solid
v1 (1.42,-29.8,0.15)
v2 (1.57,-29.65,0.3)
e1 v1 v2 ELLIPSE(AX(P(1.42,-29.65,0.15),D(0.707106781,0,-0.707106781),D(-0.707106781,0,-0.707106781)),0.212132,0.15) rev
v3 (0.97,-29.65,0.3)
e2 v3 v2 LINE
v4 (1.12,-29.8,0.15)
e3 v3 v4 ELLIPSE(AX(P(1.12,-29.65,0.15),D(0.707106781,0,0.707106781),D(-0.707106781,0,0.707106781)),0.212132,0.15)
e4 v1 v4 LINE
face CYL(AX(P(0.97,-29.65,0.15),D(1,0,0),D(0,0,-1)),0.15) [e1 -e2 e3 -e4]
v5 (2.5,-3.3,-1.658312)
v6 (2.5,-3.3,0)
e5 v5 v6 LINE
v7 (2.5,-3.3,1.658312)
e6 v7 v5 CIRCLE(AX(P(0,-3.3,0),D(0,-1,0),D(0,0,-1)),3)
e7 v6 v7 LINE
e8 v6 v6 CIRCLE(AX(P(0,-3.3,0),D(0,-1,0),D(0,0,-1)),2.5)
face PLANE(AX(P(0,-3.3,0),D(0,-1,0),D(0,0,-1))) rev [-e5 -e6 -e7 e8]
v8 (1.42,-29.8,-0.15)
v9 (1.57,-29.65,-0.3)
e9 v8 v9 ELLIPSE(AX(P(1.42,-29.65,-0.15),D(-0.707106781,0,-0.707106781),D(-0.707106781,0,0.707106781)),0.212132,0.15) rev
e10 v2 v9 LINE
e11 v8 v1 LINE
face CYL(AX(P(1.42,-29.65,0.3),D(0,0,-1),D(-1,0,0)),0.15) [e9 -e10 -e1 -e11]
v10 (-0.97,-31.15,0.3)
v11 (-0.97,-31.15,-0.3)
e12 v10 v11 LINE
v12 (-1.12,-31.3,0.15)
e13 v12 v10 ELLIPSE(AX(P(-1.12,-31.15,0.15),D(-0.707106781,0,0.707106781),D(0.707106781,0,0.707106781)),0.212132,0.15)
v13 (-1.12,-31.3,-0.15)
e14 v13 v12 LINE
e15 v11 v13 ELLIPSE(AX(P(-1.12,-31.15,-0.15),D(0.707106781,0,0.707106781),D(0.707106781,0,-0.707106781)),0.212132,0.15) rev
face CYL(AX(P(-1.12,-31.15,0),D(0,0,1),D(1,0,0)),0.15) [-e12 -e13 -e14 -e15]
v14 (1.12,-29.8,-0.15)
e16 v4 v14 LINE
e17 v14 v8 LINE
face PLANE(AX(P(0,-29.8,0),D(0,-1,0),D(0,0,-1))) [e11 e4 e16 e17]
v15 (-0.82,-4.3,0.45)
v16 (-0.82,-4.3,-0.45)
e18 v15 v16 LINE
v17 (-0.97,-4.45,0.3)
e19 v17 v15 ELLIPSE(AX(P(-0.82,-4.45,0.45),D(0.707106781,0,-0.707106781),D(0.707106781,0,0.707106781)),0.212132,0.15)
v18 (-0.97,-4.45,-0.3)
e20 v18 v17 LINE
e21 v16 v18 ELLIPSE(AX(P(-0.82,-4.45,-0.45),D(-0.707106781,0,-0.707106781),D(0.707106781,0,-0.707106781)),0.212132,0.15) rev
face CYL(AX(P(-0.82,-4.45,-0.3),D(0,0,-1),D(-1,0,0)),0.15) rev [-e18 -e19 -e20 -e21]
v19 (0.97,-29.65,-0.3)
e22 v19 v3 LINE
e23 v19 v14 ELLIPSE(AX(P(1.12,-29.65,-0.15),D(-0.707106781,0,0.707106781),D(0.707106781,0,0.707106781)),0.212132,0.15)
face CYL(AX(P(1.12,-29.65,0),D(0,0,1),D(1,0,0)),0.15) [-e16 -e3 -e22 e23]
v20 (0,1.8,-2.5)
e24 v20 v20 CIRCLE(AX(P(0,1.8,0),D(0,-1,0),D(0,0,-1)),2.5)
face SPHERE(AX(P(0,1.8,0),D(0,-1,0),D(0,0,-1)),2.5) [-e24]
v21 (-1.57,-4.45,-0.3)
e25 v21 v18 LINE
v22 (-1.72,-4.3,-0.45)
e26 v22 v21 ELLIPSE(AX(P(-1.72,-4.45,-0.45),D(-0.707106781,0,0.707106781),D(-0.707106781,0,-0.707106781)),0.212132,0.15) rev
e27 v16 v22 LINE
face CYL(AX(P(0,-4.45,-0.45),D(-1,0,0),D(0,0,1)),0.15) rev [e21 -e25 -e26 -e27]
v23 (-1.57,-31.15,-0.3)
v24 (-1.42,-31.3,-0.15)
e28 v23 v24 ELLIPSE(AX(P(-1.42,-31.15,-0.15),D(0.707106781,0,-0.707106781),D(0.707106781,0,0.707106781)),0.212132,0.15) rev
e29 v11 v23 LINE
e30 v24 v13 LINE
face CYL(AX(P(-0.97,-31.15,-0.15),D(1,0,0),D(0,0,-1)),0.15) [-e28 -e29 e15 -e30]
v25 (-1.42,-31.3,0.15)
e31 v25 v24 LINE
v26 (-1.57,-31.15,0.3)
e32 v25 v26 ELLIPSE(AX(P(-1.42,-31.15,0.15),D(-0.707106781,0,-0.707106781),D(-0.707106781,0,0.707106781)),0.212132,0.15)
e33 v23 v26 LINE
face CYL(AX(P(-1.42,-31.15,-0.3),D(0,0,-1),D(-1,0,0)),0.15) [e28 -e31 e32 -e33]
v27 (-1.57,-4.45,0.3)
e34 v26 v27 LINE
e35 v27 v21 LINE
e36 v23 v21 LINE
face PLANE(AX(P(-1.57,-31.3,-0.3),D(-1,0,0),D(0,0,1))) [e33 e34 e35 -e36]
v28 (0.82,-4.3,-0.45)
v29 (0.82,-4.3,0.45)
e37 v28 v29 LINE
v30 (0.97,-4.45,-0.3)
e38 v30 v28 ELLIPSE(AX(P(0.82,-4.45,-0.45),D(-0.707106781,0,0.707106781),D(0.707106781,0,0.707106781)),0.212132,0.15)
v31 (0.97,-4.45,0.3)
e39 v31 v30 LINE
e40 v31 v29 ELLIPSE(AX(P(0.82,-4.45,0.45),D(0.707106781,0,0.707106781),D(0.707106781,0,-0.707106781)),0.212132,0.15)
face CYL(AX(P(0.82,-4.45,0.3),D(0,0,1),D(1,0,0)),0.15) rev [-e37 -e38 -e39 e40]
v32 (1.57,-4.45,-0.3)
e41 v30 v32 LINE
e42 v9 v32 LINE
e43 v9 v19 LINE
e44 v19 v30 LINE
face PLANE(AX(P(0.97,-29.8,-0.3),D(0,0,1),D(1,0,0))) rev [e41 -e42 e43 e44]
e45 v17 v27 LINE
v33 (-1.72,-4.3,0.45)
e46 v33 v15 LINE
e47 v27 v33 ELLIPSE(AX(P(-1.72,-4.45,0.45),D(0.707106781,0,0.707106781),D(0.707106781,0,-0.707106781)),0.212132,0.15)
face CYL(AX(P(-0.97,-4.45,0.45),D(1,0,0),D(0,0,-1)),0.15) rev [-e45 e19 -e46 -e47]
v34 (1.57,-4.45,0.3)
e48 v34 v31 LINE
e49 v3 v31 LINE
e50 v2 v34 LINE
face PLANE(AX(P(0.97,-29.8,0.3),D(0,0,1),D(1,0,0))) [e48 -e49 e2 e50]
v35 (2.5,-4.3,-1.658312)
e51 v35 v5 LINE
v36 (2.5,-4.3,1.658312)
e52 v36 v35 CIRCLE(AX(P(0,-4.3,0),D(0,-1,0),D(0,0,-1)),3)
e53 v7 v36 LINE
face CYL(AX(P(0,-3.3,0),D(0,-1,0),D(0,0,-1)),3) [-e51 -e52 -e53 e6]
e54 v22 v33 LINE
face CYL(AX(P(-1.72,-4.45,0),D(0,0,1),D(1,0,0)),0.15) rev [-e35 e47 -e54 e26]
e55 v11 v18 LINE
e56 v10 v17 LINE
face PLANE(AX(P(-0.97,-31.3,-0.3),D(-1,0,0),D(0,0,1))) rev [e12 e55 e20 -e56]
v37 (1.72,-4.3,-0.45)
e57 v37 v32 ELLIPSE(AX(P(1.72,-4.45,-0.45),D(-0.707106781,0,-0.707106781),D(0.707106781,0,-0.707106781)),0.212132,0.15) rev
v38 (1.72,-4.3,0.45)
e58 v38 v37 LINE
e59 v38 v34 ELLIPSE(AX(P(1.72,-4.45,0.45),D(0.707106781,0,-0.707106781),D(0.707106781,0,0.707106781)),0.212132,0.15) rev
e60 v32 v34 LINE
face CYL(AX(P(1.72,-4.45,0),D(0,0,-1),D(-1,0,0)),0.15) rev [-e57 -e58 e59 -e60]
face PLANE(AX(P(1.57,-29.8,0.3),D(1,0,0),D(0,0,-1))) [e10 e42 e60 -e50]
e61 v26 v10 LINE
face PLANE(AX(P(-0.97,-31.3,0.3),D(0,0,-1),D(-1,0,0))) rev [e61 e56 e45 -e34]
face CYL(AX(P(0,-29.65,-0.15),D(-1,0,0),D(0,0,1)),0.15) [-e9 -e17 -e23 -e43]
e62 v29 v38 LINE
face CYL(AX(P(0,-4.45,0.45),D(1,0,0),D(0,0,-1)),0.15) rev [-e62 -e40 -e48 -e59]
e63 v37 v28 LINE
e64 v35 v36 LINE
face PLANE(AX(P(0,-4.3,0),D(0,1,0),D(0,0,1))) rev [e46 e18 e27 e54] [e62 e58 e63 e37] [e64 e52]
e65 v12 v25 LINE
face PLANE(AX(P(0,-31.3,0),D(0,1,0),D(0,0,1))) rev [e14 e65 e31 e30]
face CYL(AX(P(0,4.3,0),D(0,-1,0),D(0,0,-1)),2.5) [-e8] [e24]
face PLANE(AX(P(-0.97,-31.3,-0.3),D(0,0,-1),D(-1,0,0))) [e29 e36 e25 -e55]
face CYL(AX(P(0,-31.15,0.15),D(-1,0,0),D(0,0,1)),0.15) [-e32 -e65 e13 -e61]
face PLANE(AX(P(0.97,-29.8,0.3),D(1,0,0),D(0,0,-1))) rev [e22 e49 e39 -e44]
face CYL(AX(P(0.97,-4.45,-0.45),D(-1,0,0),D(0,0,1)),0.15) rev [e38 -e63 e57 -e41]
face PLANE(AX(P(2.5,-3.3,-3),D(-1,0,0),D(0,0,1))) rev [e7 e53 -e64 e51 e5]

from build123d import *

# Parameters (mm, degrees)
SKETCH1_R               = 2.5
BOSS_EXTRUDE1_DEPTH     = 4.3
SKETCH2_R               = 3
BOSS_EXTRUDE2_DEPTH     = 1
FILLET1_R               = 2.5
CUT_EXTRUDE1_DEPTH      = 7.040695324
CUT_EXTRUDE1_DEPTH_BACK = 7.040695324
SKETCH3_W               = 0.954190985
SKETCH3_H               = 1.425570426
SKETCH4_W               = 0.6
SKETCH4_H               = 0.6
BOSS_EXTRUDE3_DEPTH     = 27
SKETCH4_3_W             = 0.6
SKETCH4_3_H             = 0.6
BOSS_EXTRUDE4_DEPTH     = 25.5
FILLET2_R               = 0.15
FILLET3_R               = 0.15
FILLET4_R               = 0.15
FILLET5_R               = 0.15


with BuildPart() as part:
    # Sketch1 → Boss-Extrude1 (new, symmetric)
    with BuildSketch(Plane(origin=(0, 0, 0), x_dir=(1, 0, 0), z_dir=(0, 1, 0))):
        Circle(SKETCH1_R)
    extrude(amount=BOSS_EXTRUDE1_DEPTH, both=True)

    # Sketch2 → Boss-Extrude2 (add)
    with BuildSketch(Plane.XZ.offset(4.3)):
        Circle(SKETCH2_R)
    extrude(amount=-BOSS_EXTRUDE2_DEPTH)

    # Fillet1
    fillet1_edges = [part.edges().sort_by_distance(p)[0] for p in [
        (-2.5, 4.3, 0),
    ]]
    fillet(fillet1_edges, radius=FILLET1_R)

    # Sketch3 → Cut-Extrude1 (cut, two sides: drawn at the far end of the back side and taken through both)
    with BuildSketch(Plane.XY.offset(-CUT_EXTRUDE1_DEPTH_BACK)):
        with Locations((2.977095493, -4.012785213)):
            Rectangle(SKETCH3_W, SKETCH3_H)
    extrude(amount=CUT_EXTRUDE1_DEPTH + CUT_EXTRUDE1_DEPTH_BACK, mode=Mode.SUBTRACT)

    # Sketch4 → Boss-Extrude3 (add)
    with BuildSketch(Plane.XZ.offset(4.3)):
        with Locations((-1.27, 0)):
            Rectangle(SKETCH4_W, SKETCH4_H)
    extrude(amount=BOSS_EXTRUDE3_DEPTH)

    # Sketch4<3> → Boss-Extrude4 (add)
    with BuildSketch(Plane.XZ.offset(4.3)):
        with Locations((1.27, 0)):
            Rectangle(SKETCH4_3_W, SKETCH4_3_H)
    extrude(amount=BOSS_EXTRUDE4_DEPTH)

    # Fillet2
    fillet2_edges = [part.edges().sort_by_distance(p)[0] for p in [
        (-1.57, -4.3, 0),
        (-1.27, -4.3, -0.3),
        (-0.97, -4.3, 0),
        (-1.27, -4.3, 0.3),
    ]]
    fillet(fillet2_edges, radius=FILLET2_R)

    # Fillet3
    fillet3_edges = [part.edges().sort_by_distance(p)[0] for p in [
        (1.27, -4.3, -0.3),
        (1.57, -4.3, 0),
        (0.97, -4.3, 0),
        (1.27, -4.3, 0.3),
    ]]
    fillet(fillet3_edges, radius=FILLET3_R)

    # Fillet4
    fillet4_edges = [part.edges().sort_by_distance(p)[0] for p in [
        (-1.57, -31.3, 0),
        (-1.27, -31.3, 0.3),
        (-0.97, -31.3, 0),
        (-1.27, -31.3, -0.3),
    ]]
    fillet(fillet4_edges, radius=FILLET4_R)

    # Fillet5
    fillet5_edges = [part.edges().sort_by_distance(p)[0] for p in [
        (1.27, -29.8, 0.3),
        (1.57, -29.8, 0),
        (1.27, -29.8, -0.3),
        (0.97, -29.8, 0),
    ]]
    fillet(fillet5_edges, radius=FILLET5_R)


solid = part.part
